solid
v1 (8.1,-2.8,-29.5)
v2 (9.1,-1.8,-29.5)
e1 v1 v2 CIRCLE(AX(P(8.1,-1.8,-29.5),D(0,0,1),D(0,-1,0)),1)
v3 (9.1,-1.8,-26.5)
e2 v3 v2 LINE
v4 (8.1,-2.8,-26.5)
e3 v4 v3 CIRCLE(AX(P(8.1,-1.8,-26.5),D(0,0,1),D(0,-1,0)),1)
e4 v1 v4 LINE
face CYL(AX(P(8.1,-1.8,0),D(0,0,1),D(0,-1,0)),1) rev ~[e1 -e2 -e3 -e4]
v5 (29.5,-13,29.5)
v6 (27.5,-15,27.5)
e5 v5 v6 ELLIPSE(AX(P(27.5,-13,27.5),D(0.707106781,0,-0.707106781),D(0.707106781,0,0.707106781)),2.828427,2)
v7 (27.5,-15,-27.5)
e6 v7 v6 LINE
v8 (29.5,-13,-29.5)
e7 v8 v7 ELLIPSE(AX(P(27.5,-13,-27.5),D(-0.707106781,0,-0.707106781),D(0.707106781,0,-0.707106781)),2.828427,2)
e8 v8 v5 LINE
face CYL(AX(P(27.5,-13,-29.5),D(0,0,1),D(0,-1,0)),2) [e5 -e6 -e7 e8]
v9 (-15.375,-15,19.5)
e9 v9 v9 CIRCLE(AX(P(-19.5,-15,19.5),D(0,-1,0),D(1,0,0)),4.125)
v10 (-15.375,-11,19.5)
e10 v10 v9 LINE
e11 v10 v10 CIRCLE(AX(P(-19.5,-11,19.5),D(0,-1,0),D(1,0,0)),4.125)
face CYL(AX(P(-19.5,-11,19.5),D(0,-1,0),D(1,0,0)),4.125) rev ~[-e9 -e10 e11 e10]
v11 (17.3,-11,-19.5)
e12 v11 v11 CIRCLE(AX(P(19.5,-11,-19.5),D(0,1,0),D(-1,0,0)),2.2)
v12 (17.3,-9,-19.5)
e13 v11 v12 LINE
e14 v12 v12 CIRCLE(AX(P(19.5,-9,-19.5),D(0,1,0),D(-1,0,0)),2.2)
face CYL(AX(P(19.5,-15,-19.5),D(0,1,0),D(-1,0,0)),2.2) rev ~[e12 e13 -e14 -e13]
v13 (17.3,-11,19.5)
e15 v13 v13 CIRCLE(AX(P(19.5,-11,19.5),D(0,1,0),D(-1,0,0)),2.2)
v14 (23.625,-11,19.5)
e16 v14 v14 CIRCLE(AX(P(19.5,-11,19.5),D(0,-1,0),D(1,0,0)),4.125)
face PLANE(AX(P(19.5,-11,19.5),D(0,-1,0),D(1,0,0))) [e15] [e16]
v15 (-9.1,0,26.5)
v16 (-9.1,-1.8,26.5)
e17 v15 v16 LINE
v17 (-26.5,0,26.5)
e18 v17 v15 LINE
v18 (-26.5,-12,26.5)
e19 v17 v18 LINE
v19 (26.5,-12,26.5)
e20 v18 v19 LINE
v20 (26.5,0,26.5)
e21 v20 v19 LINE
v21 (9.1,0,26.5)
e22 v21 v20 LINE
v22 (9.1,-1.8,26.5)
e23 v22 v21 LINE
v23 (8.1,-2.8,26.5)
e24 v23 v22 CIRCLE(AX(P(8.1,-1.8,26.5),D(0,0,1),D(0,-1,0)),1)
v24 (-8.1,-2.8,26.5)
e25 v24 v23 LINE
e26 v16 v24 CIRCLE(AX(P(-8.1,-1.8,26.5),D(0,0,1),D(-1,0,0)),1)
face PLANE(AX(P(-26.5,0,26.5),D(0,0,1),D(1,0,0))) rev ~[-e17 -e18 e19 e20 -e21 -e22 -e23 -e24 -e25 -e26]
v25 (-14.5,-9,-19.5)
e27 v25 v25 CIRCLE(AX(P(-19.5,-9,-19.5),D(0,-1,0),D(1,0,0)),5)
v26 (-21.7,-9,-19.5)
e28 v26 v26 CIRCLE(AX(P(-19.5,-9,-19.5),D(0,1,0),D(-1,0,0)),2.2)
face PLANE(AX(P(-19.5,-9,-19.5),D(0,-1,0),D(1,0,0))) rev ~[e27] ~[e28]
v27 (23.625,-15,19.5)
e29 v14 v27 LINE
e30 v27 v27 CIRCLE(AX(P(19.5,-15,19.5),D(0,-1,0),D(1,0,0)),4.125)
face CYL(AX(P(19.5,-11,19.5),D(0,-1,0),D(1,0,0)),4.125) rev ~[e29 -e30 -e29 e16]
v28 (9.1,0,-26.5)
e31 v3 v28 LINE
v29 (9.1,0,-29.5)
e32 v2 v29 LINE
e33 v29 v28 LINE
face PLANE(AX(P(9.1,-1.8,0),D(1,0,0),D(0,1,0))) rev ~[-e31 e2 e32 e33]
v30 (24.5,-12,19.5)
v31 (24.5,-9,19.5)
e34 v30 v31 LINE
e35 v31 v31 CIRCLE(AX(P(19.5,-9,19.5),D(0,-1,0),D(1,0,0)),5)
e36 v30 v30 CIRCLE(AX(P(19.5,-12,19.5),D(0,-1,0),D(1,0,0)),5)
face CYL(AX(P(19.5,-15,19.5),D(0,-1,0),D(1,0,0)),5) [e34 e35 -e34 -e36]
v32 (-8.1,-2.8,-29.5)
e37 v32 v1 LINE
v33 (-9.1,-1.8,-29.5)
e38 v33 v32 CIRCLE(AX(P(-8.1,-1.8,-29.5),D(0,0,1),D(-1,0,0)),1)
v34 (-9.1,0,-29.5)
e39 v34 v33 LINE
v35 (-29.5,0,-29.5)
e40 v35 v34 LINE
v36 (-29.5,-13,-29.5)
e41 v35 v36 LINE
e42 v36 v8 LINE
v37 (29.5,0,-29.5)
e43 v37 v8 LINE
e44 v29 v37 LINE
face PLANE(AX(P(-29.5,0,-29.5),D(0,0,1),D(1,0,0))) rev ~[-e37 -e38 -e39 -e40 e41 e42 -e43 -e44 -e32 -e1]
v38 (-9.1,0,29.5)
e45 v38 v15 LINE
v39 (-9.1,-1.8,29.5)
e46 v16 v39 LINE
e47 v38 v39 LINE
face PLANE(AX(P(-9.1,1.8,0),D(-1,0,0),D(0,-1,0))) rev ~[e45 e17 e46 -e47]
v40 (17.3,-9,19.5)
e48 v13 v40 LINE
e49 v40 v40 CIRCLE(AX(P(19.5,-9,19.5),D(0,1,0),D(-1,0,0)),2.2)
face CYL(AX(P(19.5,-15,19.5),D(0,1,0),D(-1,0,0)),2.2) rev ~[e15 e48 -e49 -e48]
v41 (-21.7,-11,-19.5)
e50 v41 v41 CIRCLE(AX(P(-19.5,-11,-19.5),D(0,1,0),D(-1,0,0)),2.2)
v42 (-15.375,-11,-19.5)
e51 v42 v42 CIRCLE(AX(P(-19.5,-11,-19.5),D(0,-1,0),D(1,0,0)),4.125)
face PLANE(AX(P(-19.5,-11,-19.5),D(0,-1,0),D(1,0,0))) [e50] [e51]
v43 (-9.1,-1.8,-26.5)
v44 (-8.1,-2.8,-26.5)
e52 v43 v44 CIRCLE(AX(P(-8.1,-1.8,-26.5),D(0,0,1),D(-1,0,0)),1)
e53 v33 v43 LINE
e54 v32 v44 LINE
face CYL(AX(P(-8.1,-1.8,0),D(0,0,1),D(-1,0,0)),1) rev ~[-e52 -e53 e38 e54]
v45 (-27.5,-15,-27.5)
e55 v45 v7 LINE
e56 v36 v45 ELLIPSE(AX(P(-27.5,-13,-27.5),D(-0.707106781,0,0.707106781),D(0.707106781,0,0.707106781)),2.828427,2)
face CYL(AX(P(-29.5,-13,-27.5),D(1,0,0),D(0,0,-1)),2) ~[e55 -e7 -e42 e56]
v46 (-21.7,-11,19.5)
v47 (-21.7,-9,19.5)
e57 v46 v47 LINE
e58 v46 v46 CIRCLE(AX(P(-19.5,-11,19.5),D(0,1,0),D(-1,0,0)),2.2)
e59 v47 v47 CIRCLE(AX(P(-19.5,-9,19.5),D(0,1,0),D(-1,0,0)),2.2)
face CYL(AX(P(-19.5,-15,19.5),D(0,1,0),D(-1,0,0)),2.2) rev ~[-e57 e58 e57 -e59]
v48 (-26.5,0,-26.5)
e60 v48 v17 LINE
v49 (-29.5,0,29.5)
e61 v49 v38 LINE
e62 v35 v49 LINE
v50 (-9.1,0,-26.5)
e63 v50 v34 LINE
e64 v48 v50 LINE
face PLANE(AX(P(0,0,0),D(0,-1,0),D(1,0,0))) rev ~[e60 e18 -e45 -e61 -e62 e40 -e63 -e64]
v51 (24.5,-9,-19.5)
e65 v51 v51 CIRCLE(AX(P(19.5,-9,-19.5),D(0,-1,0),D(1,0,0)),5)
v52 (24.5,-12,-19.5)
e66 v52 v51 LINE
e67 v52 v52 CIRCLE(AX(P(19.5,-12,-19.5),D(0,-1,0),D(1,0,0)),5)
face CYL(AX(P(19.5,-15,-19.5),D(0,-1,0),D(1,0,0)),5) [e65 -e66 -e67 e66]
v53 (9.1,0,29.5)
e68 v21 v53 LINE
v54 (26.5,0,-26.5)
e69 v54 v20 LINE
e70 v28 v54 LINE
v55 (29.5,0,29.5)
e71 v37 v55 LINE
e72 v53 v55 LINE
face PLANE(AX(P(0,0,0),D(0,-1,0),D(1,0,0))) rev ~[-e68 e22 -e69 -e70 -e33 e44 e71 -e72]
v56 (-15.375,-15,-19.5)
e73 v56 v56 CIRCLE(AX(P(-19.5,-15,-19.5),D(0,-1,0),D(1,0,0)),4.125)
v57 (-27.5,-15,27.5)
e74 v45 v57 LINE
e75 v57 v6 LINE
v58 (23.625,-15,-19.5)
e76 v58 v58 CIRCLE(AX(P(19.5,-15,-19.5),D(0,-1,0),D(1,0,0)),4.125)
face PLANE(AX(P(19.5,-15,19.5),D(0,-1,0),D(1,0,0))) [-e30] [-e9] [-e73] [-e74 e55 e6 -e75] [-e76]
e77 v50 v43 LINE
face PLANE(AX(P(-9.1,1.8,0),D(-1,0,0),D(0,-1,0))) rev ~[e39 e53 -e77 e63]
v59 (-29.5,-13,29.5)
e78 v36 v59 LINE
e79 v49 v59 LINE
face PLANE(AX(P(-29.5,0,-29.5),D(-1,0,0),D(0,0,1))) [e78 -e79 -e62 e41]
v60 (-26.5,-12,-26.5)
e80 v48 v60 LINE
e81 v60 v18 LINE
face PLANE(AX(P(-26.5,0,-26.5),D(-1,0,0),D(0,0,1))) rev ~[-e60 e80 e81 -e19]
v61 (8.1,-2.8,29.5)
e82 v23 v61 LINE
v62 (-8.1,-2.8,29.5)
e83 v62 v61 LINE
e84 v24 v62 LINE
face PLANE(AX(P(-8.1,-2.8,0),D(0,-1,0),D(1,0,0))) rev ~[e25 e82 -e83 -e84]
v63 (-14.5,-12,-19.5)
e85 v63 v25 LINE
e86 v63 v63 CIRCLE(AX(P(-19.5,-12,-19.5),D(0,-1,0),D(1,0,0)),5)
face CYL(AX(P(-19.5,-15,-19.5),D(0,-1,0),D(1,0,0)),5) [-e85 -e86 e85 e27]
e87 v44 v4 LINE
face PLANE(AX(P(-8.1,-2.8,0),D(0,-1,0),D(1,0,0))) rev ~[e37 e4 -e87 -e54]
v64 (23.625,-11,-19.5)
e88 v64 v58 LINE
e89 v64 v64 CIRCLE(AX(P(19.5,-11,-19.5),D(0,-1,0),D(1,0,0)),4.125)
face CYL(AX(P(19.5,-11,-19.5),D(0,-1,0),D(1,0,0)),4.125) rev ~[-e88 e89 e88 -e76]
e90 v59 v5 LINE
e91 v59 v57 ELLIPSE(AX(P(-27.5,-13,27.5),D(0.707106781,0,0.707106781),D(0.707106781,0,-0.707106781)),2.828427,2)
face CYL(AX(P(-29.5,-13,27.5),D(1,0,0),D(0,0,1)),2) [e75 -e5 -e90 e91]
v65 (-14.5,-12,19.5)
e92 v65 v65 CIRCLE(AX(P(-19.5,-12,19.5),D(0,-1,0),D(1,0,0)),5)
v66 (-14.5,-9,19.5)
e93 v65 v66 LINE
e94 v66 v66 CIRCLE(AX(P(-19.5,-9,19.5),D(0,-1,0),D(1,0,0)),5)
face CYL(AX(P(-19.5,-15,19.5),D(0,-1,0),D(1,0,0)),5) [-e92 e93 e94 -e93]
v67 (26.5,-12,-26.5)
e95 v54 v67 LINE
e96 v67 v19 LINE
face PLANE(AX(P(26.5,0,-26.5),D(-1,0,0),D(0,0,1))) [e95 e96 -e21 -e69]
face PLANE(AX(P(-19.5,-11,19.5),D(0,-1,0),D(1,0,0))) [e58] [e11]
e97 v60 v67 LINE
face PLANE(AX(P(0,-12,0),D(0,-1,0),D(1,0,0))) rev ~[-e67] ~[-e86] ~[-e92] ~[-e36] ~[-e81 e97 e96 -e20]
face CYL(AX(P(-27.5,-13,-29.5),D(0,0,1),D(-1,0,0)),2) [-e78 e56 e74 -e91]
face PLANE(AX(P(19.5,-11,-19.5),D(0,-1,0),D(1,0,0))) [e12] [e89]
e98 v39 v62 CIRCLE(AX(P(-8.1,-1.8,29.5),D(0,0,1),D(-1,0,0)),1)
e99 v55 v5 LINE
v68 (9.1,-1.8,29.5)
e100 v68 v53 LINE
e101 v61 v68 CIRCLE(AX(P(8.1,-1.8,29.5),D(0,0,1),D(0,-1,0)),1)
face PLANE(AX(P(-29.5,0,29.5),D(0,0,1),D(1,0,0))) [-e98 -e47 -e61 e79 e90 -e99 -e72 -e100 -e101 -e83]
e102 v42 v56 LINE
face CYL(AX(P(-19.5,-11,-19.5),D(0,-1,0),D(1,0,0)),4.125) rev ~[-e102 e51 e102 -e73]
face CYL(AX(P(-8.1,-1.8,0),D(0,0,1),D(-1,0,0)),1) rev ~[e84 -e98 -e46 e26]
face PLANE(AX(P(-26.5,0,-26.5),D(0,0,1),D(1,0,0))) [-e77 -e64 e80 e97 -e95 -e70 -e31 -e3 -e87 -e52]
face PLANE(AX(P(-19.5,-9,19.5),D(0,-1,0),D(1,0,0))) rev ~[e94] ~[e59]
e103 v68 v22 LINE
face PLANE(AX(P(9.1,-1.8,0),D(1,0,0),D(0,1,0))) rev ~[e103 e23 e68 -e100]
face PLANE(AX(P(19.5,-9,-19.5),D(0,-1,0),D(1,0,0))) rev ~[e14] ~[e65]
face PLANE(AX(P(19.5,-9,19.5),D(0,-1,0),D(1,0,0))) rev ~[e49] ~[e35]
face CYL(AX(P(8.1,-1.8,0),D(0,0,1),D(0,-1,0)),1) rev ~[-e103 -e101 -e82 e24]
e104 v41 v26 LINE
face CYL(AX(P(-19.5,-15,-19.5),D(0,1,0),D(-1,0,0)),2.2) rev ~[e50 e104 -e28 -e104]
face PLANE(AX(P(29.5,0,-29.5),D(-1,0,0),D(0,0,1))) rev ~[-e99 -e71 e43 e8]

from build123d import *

# Parameters (mm, degrees)
F0_W            = 59
F0_H            = 59
F3_DEPTH        = 15
F1_W            = 53
F1_H            = 53
F4_DEPTH        = 12
F5_R            = 2
F7_R            = 5
F8_DEPTH        = 6
F10_D           = 4.4
F10_CBORE_D     = 8.25
F10_CBORE_DEPTH = 4
F11_D           = 4.4
F11_CBORE_D     = 8.25
F11_CBORE_DEPTH = 4
F12_D           = 4.4
F12_CBORE_D     = 8.25
F12_CBORE_DEPTH = 4
F13_D           = 4.4
F13_CBORE_D     = 8.25
F13_CBORE_DEPTH = 4
F14_DEPTH       = 30


with BuildPart() as f3:
    # F0 (on Front) → F3 (new body)
    with BuildSketch(Plane.XZ):
        Rectangle(F0_W, F0_H)
    extrude(amount=F3_DEPTH)

    # F1 (on Front) → F4 (cut)
    with BuildSketch(Plane.XZ):
        Rectangle(F1_W, F1_H)
    extrude(amount=F4_DEPTH, mode=Mode.SUBTRACT)

    # F5
    f5_edges = [f3.edges().sort_by_distance(p)[0] for p in [
        (0, -15, 29.5),
        (-29.5, -15, 0),
        (0, -15, -29.5),
        (29.5, -15, 0),
    ]]
    fillet(f5_edges, radius=F5_R)

    # F7 (on offset) → F8 (join)
    with BuildSketch(Plane.XZ.offset(15)):
        with Locations((19.5, 19.5)):
            Circle(F7_R)
        with Locations((-19.5, 19.5)):
            Circle(F7_R)
        with Locations((19.5, -19.5)):
            Circle(F7_R)
        with Locations((-19.5, -19.5)):
            Circle(F7_R)
    extrude(amount=-F8_DEPTH)

    # F10 (through all)
    with Locations(Plane.XZ.offset(15)):
        with Locations((-19.5, 19.5)):
            CounterBoreHole(F10_D / 2, F10_CBORE_D / 2, F10_CBORE_DEPTH)

    # F11 (through all)
    with Locations(Plane.XZ.offset(15)):
        with Locations((-19.5, -19.5)):
            CounterBoreHole(F11_D / 2, F11_CBORE_D / 2, F11_CBORE_DEPTH)

    # F12 (through all)
    with Locations(Plane.XZ.offset(15)):
        with Locations((19.5, -19.5)):
            CounterBoreHole(F12_D / 2, F12_CBORE_D / 2, F12_CBORE_DEPTH)

    # F13 (through all)
    with Locations(Plane.XZ.offset(15)):
        with Locations((19.5, 19.5)):
            CounterBoreHole(F13_D / 2, F13_CBORE_D / 2, F13_CBORE_DEPTH)

    # F2 (on Top) → F14 (cut, symmetric)
    with BuildSketch(Plane.XY):
        with BuildLine():
            Line((8.1, 2.8), (-8.1, 2.8))
            ThreePointArc((-8.1, 2.8), (-8.8071067812, 2.5071067812), (-9.1, 1.8))
            Line((-9.1, 1.8), (-9.1, -1.8))
            ThreePointArc((-9.1, -1.8), (-8.8071067812, -2.5071067812), (-8.1, -2.8))
            Line((-8.1, -2.8), (8.1, -2.8))
            ThreePointArc((8.1, -2.8), (8.8071067812, -2.5071067812), (9.1, -1.8))
            Line((9.1, -1.8), (9.1, 1.8))
            ThreePointArc((9.1, 1.8), (8.8071067812, 2.5071067812), (8.1, 2.8))
        make_face()
    extrude(amount=F14_DEPTH, both=True, mode=Mode.SUBTRACT)


solid = f3.part
